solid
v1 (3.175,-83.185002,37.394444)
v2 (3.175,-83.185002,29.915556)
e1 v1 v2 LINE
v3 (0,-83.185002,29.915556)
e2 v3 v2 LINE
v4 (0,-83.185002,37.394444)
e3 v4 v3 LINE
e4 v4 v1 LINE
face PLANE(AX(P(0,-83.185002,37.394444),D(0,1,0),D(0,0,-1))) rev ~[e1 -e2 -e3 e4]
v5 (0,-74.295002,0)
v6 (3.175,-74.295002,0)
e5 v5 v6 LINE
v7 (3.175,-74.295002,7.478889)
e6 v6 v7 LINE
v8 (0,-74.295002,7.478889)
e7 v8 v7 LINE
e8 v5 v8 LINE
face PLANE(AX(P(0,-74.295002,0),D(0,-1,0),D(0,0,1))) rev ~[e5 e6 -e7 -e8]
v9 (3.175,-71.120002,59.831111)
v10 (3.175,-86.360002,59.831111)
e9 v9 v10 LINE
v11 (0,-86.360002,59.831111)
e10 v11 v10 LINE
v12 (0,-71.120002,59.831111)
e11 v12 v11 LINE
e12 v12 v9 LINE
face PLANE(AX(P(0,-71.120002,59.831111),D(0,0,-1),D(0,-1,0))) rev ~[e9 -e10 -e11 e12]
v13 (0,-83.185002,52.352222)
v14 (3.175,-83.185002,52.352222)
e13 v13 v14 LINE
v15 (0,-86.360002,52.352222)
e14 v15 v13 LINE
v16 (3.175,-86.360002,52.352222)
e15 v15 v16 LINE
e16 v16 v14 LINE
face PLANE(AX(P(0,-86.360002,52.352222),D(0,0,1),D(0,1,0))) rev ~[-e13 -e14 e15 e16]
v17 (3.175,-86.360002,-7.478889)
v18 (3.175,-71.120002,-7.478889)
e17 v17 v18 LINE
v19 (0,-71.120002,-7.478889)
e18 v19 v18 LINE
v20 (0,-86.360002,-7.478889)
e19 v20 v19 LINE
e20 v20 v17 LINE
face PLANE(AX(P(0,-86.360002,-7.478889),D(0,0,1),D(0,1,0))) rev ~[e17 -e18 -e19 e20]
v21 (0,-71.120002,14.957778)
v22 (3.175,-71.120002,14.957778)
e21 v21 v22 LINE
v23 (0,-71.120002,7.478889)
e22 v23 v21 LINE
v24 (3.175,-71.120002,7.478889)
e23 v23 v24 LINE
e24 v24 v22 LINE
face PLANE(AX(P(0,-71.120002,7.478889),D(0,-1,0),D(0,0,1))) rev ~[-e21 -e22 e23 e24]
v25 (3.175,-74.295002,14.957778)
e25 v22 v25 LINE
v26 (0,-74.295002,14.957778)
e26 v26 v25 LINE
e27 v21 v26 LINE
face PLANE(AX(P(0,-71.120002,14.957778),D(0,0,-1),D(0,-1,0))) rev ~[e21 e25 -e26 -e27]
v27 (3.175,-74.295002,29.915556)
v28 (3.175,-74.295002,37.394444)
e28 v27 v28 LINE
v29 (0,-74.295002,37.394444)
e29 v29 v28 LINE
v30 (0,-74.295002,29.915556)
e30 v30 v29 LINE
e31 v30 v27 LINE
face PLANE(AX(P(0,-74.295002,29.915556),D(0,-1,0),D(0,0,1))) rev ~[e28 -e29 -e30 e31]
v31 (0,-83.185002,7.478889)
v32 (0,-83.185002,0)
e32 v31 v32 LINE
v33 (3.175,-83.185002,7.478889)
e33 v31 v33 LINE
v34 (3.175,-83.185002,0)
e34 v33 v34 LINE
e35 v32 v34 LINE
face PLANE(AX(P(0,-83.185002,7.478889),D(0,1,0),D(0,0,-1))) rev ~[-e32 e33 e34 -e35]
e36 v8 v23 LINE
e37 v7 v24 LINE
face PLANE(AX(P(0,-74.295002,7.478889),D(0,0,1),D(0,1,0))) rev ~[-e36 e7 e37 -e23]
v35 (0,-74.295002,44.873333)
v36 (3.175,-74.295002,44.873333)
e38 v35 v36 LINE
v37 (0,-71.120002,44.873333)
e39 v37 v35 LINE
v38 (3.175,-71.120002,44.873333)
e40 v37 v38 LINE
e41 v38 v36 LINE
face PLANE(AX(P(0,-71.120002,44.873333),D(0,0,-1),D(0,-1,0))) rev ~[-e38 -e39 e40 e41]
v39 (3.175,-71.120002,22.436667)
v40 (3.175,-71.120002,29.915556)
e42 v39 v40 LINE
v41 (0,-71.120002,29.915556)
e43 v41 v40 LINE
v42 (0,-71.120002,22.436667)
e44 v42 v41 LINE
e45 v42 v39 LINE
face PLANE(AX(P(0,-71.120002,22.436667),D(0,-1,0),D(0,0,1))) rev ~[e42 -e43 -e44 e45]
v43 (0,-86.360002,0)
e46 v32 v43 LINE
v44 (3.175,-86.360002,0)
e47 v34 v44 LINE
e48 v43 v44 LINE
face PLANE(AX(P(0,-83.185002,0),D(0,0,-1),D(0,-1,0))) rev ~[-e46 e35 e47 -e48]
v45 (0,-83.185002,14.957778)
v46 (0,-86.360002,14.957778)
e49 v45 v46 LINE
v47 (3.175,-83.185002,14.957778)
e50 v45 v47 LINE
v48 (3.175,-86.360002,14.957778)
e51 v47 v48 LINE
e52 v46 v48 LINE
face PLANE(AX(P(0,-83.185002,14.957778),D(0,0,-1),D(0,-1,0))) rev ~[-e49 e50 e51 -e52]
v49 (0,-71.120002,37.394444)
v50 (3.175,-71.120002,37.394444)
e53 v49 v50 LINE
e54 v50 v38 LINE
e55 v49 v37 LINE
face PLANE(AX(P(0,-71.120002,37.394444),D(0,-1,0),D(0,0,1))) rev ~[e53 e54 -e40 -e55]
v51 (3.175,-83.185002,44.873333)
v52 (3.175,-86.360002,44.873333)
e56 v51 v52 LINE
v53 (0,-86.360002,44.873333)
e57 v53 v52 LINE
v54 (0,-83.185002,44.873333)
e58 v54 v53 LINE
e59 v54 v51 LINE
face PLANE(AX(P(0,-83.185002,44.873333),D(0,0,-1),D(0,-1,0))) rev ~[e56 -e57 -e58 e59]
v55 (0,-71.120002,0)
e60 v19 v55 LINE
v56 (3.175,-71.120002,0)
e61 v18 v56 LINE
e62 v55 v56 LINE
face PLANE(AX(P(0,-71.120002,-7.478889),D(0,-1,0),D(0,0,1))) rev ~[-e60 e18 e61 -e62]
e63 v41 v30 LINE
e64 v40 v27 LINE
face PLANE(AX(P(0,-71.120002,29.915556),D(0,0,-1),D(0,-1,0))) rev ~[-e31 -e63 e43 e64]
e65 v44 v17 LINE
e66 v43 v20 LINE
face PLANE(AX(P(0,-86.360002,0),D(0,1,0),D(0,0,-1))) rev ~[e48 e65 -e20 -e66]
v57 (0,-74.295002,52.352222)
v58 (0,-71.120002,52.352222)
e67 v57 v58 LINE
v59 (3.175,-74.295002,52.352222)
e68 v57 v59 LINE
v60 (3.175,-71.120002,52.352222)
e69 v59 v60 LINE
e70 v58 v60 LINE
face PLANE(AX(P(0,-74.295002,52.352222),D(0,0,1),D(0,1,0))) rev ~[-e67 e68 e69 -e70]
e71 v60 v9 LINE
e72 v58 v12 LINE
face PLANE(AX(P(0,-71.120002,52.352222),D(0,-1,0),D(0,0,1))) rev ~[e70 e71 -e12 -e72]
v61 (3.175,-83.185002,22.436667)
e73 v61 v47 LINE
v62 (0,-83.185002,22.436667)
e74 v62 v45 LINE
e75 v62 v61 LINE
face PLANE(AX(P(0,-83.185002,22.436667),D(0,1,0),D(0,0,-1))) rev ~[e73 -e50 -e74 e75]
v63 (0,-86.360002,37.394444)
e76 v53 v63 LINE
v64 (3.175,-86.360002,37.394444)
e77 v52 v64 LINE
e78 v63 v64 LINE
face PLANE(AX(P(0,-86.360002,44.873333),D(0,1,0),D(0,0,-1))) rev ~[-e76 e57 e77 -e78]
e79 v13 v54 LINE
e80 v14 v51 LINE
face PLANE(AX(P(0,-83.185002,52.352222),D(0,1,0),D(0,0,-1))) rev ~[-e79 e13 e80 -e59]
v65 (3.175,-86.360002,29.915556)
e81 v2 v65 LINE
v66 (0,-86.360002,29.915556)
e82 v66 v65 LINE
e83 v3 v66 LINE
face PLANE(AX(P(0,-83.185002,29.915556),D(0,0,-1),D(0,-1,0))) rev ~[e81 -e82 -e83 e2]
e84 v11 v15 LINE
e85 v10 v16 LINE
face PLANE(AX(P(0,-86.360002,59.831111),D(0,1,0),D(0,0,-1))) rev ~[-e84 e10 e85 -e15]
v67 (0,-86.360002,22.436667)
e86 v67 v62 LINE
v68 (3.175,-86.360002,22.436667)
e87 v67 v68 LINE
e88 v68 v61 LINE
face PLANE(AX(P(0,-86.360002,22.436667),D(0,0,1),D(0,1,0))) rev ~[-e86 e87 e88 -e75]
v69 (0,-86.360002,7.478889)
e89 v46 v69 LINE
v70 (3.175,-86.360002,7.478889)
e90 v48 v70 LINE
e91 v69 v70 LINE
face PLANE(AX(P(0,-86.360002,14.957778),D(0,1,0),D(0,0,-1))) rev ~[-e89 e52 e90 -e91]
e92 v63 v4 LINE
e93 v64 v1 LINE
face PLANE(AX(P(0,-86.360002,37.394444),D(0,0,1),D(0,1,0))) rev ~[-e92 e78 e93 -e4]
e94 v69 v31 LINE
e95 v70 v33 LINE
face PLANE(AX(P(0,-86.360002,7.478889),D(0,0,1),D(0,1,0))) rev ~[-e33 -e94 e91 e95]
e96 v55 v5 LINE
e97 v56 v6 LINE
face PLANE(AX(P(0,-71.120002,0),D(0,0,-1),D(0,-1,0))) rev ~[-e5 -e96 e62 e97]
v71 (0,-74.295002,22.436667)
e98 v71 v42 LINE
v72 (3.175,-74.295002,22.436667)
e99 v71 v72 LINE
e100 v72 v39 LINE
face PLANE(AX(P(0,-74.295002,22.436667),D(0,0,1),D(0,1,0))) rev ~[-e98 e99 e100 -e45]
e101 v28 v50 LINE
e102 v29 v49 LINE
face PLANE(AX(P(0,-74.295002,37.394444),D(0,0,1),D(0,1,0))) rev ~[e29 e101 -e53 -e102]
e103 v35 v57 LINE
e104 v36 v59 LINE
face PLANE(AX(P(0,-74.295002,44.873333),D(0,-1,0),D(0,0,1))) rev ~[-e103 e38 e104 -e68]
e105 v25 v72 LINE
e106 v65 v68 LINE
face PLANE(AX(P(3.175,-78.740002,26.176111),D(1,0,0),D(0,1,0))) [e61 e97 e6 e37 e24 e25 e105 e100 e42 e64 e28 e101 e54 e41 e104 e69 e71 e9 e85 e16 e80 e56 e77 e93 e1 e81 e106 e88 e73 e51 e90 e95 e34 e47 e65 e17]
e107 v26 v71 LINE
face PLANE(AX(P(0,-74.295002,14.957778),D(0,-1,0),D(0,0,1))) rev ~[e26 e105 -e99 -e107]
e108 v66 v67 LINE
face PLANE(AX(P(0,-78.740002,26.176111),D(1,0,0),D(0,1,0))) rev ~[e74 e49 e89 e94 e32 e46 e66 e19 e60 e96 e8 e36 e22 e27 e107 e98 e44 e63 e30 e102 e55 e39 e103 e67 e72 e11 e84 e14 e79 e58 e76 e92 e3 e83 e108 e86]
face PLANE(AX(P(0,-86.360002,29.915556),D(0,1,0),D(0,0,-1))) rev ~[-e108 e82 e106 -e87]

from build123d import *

# Parameters (mm, degrees)
F1_DEPTH = 3.175


with BuildPart() as f1:
    # F0 (on Right) → F1 (new body)
    with BuildSketch(Plane.YZ):
        Polygon((-71.120002, 59.831111), (-86.360002, 59.831111), (-86.360002, 52.352222), (-83.185002, 52.352222), (-83.185002, 44.873333), (-86.360002, 44.873333), (-86.360002, 37.394444), (-83.185002, 37.394444), (-83.185002, 29.915556), (-86.360002, 29.915556), (-86.360002, 22.436667), (-83.185002, 22.436667), (-83.185002, 14.957778), (-86.360002, 14.957778), (-86.360002, 7.478889), (-83.185002, 7.478889), (-83.185002, 0), (-86.360002, 0), (-86.360002, -7.478889), (-71.120002, -7.478889), (-71.120002, 0), (-74.295002, 0), (-74.295002, 7.478889), (-71.120002, 7.478889), (-71.120002, 14.957778), (-74.295002, 14.957778), (-74.295002, 22.436667), (-71.120002, 22.436667), (-71.120002, 29.915556), (-74.295002, 29.915556), (-74.295002, 37.394444), (-71.120002, 37.394444), (-71.120002, 44.873333), (-74.295002, 44.873333), (-74.295002, 52.352222), (-71.120002, 52.352222), align=None)
    extrude(amount=F1_DEPTH)


solid = f1.part
